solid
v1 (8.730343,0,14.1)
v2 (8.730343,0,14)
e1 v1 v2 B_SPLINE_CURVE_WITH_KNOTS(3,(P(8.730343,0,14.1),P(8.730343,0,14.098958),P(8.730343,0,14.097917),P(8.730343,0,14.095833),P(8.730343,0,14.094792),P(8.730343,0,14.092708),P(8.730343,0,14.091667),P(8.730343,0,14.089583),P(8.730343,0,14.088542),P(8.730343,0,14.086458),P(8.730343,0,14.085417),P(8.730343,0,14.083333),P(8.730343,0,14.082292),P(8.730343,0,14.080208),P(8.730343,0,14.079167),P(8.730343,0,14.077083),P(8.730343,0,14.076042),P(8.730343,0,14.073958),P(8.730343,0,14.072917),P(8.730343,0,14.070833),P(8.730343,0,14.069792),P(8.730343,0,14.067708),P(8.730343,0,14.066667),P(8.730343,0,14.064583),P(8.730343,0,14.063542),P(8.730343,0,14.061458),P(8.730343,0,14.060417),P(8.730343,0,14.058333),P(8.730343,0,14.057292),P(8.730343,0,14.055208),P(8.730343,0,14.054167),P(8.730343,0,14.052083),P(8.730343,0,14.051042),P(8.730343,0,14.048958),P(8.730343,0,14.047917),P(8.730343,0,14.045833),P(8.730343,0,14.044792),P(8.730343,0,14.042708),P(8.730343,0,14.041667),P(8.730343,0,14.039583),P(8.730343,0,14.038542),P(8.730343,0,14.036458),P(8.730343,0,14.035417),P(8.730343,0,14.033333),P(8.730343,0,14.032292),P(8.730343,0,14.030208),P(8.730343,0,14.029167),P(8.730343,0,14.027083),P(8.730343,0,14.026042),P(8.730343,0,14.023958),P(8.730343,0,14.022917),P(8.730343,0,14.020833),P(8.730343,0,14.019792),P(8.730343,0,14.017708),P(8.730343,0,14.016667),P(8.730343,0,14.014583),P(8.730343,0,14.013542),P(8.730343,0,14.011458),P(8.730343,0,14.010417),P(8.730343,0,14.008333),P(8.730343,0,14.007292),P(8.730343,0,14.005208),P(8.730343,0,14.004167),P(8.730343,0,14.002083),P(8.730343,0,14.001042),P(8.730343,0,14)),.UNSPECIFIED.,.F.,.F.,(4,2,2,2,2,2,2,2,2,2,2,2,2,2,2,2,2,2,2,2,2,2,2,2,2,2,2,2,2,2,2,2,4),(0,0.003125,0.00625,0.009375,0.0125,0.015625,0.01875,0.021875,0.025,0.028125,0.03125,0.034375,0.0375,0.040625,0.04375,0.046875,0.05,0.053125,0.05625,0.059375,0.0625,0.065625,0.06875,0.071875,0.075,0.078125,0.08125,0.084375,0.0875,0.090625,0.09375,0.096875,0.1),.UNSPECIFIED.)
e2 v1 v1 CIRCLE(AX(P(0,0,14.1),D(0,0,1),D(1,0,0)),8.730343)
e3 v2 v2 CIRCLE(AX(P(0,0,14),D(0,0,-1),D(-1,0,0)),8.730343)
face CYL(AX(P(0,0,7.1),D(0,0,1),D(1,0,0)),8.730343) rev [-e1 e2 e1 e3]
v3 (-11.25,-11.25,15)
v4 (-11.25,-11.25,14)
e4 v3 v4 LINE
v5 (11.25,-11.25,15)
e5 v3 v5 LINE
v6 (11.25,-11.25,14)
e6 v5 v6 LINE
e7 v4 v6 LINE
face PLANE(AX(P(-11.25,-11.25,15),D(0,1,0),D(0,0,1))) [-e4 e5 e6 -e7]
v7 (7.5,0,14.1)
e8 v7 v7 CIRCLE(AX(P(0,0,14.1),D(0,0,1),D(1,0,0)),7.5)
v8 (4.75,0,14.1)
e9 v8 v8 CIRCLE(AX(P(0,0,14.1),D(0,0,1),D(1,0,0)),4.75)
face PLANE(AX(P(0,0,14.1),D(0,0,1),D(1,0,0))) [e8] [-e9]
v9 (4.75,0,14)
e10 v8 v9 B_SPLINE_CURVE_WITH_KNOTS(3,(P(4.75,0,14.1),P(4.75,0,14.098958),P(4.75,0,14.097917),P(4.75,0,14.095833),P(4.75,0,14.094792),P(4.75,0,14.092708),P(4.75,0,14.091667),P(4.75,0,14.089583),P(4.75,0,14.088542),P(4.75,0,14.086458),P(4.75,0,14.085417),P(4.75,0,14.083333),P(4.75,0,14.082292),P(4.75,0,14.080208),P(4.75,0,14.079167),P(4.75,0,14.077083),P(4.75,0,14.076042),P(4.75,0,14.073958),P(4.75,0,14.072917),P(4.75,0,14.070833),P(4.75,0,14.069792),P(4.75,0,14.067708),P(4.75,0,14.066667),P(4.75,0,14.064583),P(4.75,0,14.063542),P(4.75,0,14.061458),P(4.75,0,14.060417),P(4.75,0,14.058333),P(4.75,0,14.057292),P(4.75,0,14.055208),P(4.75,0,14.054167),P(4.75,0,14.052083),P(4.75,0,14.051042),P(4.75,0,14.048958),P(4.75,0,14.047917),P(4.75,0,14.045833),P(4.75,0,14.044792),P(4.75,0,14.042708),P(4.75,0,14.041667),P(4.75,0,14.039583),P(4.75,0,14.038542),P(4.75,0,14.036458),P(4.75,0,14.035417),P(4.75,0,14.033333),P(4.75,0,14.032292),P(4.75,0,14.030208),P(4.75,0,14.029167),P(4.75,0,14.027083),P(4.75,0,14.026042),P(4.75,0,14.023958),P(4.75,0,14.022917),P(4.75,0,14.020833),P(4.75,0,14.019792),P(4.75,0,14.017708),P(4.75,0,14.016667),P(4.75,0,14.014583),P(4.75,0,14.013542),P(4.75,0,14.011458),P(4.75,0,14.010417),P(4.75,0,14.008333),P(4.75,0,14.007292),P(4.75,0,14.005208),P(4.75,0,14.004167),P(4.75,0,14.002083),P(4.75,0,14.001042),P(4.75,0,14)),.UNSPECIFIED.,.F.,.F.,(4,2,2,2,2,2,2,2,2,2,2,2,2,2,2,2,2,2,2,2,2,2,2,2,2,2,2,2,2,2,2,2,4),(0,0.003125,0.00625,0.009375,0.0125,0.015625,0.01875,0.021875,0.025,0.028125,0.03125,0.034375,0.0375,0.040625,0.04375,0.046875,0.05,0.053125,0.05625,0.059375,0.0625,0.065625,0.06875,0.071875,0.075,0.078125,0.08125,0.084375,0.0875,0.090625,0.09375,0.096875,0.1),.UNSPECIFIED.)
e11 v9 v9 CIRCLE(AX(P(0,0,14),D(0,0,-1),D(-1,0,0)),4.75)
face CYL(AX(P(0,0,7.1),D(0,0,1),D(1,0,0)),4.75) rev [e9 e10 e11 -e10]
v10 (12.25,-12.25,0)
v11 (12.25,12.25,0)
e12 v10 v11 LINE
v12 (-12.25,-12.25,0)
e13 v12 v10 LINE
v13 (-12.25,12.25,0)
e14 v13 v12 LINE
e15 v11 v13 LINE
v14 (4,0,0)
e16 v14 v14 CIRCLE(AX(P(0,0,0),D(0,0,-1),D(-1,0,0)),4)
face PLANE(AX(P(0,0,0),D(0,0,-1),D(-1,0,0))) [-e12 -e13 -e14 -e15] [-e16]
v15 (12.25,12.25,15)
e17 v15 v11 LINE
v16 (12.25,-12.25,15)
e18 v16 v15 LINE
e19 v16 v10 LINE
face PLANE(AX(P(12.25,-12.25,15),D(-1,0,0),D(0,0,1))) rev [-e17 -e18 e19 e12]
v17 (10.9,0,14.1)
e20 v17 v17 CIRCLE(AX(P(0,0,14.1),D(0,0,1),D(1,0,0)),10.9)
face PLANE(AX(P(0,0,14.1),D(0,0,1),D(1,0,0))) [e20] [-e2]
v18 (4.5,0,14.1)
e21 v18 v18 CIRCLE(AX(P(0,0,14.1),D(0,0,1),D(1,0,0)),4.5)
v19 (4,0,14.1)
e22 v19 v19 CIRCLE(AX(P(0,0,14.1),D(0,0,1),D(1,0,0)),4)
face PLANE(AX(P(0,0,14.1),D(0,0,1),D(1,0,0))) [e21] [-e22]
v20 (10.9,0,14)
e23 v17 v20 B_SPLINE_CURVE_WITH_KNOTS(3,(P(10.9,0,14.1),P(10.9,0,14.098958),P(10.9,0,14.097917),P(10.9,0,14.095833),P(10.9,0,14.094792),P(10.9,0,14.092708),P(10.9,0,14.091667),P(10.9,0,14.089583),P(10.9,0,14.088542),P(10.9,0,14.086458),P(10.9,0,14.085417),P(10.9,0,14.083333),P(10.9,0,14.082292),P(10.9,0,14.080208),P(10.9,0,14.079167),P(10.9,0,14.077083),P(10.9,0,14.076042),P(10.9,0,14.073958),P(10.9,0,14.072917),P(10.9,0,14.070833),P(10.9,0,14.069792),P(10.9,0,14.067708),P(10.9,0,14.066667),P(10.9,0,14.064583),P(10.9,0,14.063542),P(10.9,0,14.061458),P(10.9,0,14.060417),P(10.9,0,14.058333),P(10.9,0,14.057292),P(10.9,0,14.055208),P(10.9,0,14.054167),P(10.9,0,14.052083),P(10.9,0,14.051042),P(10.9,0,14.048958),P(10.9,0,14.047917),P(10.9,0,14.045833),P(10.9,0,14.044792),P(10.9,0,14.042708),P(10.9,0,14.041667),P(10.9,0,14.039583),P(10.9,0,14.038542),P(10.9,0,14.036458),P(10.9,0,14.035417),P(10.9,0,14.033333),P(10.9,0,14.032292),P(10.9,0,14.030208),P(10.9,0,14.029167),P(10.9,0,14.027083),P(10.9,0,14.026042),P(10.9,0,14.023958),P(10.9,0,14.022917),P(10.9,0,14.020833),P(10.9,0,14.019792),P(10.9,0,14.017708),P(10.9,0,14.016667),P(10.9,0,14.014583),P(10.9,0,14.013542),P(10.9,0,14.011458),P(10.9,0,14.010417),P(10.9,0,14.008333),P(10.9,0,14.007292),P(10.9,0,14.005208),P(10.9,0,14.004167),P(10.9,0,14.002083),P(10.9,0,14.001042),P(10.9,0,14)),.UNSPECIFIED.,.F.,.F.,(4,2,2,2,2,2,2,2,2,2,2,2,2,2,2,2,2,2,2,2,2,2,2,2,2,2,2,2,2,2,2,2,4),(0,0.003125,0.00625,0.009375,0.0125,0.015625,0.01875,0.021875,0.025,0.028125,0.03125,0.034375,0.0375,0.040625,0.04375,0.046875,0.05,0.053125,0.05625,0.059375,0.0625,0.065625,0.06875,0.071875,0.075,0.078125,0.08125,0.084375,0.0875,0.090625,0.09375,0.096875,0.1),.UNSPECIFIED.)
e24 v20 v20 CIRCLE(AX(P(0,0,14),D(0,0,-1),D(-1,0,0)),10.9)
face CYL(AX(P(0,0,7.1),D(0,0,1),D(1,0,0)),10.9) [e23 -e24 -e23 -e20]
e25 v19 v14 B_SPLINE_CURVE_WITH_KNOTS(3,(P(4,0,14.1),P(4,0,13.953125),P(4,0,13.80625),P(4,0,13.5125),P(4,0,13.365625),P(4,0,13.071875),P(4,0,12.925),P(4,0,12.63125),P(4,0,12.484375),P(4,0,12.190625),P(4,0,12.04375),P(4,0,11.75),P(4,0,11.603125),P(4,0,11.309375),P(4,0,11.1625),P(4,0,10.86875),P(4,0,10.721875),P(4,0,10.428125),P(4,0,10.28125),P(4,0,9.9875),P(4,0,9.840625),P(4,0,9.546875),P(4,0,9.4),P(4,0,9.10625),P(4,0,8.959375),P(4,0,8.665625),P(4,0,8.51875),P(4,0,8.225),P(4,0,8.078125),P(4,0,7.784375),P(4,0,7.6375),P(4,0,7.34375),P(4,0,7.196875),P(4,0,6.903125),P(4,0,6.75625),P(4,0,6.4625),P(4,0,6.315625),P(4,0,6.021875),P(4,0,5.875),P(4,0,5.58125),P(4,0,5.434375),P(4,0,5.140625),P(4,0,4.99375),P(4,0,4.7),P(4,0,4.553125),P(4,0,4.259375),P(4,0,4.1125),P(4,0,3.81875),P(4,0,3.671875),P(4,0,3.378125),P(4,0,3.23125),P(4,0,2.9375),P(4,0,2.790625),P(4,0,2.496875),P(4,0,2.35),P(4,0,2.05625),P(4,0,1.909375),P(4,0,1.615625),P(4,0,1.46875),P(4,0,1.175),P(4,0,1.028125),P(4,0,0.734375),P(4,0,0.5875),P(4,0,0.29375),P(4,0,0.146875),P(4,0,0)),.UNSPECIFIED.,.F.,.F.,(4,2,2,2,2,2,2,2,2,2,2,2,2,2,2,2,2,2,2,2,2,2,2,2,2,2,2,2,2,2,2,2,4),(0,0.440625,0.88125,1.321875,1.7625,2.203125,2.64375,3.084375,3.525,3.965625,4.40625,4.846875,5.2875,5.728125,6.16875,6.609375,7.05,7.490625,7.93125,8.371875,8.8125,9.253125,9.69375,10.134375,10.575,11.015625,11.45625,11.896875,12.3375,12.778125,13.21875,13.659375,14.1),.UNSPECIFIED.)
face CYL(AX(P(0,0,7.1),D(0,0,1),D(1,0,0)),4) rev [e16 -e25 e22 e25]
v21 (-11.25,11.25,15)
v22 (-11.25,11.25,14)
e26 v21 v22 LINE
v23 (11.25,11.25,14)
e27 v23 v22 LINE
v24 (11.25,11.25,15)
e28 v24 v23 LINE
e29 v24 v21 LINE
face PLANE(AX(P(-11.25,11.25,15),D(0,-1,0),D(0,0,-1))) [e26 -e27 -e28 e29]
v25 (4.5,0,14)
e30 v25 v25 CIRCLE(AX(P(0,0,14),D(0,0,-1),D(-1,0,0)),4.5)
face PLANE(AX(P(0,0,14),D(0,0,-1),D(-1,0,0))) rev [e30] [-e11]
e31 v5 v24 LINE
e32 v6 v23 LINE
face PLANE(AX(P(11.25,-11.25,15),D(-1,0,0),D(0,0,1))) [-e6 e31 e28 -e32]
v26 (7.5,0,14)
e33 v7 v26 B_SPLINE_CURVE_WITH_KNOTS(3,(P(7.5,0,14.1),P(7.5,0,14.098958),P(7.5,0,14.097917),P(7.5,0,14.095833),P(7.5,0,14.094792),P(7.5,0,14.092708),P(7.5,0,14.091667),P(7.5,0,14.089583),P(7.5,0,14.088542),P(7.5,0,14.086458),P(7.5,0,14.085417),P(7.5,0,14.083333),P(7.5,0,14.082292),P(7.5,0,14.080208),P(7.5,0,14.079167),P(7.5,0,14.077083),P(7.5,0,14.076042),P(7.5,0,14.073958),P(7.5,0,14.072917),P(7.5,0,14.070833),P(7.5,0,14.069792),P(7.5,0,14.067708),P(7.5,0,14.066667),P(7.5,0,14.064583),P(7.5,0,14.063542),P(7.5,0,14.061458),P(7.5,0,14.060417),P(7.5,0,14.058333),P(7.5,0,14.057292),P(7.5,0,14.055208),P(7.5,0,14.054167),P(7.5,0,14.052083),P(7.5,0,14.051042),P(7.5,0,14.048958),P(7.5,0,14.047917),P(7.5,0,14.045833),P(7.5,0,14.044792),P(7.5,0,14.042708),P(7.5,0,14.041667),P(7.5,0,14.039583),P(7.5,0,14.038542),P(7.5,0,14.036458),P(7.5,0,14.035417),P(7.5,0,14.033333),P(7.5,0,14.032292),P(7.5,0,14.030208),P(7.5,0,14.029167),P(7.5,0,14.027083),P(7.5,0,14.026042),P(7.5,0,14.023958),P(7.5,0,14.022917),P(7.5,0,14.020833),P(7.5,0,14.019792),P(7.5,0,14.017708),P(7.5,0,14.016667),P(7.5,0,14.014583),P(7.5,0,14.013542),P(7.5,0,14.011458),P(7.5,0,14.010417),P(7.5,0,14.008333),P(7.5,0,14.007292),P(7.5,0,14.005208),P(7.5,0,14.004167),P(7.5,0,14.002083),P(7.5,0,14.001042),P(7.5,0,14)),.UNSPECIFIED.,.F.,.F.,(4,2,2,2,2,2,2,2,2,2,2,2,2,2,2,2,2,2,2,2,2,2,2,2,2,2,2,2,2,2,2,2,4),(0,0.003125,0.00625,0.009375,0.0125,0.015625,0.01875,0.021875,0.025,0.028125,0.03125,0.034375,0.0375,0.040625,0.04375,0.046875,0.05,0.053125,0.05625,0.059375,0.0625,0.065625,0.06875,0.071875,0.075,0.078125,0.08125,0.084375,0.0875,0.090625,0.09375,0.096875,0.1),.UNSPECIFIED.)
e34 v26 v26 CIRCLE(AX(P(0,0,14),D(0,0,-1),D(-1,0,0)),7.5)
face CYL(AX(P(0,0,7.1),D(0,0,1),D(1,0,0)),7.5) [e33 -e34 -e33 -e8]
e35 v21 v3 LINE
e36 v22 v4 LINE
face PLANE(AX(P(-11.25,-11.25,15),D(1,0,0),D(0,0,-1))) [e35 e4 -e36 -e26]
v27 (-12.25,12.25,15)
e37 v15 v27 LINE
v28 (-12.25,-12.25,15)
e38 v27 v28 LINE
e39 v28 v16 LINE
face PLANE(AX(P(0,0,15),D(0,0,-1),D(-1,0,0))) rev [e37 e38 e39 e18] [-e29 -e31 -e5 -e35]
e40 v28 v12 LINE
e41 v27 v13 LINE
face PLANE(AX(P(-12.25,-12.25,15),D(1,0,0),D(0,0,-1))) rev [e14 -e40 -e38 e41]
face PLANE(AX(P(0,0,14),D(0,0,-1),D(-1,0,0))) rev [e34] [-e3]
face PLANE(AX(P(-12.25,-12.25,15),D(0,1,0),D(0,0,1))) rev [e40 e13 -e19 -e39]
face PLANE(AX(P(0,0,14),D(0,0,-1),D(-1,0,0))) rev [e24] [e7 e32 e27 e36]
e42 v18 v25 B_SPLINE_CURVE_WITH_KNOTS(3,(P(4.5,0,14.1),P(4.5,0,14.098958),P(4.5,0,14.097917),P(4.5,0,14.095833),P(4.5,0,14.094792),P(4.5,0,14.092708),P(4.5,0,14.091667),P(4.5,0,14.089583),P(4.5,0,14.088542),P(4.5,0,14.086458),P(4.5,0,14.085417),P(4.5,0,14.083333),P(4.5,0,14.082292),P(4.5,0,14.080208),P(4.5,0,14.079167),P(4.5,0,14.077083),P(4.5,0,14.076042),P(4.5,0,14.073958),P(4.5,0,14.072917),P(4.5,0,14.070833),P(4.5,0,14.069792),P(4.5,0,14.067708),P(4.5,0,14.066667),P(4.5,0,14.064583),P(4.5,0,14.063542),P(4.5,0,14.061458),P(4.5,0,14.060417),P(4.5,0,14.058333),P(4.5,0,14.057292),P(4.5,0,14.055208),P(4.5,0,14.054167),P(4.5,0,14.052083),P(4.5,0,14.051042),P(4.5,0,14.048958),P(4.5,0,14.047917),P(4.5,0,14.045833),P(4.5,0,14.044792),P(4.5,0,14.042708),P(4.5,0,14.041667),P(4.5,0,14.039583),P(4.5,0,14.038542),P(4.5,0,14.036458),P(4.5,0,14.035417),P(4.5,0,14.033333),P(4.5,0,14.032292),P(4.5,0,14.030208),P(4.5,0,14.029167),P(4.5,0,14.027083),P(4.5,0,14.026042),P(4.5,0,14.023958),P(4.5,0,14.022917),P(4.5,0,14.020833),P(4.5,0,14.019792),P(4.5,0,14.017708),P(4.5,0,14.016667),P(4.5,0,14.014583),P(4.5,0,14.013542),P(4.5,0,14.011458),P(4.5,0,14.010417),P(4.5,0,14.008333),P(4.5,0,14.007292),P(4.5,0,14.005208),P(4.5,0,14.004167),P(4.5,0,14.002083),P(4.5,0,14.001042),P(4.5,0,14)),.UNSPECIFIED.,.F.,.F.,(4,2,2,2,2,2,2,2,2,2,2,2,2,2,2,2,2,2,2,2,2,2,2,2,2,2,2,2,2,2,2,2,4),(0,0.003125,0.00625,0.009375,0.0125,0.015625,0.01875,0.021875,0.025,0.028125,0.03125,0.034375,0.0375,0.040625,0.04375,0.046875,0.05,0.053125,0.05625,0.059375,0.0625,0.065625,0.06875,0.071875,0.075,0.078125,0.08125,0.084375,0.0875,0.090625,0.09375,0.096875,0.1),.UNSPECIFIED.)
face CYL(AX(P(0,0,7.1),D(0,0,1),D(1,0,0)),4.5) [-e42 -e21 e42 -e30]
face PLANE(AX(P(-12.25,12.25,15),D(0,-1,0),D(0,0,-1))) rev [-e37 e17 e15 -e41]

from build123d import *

# Parameters (mm, degrees)
SKETCH2_W                = 24.5
SKETCH2_H                = 24.5
SKETCH2_W_2              = 22.5
SKETCH2_H_2              = 22.5
BOSS_EXTRUDE1_DEPTH      = 15
SKETCH3_W                = 22.5
SKETCH3_H                = 22.5
BOSS_EXTRUDE2_DEPTH      = 14
BOSS_EXTRUDE4_DEPTH      = 0.1
BOSS_EXTRUDE4_DEPTH_BACK = 6.9
SKETCH4_R                = 10.9
SKETCH4_R_2              = 8.730342775
SKETCH4_R_3              = 7.5
SKETCH4_R_4              = 4.75
SKETCH4_R_5              = 4.5
SKETCH4_R_6              = 4
CUT_EXTRUDE1_START       = -15
SKETCH6_R                = 4
CUT_EXTRUDE1_DEPTH       = 15


with BuildPart() as part:
    # Sketch2 → Boss-Extrude1 (new body)
    with BuildSketch(Plane.XY):
        Rectangle(SKETCH2_W, SKETCH2_H)
        Rectangle(SKETCH2_W_2, SKETCH2_H_2, mode=Mode.SUBTRACT)
    extrude(amount=BOSS_EXTRUDE1_DEPTH)

    # Sketch3 → Boss-Extrude2 (add)
    with BuildSketch(Plane.XY):
        Rectangle(SKETCH3_W, SKETCH3_H)
    extrude(amount=BOSS_EXTRUDE2_DEPTH)

    # Sketch4 → Boss-Extrude4 (add, two sides: drawn at the far end of the back side and taken through both)
    # profile 1 of 3: a face of its own
    with BuildSketch(Plane.XY.offset(14).offset(-BOSS_EXTRUDE4_DEPTH_BACK)):
        Circle(SKETCH4_R)
        Circle(SKETCH4_R_2, mode=Mode.SUBTRACT)
    # profile 2 of 3: a face of its own
    with BuildSketch(Plane.XY.offset(14).offset(-BOSS_EXTRUDE4_DEPTH_BACK)):
        Circle(SKETCH4_R_3)
        Circle(SKETCH4_R_4, mode=Mode.SUBTRACT)
    # profile 3 of 3: a face of its own
    with BuildSketch(Plane.XY.offset(14).offset(-BOSS_EXTRUDE4_DEPTH_BACK)):
        Circle(SKETCH4_R_5)
        Circle(SKETCH4_R_6, mode=Mode.SUBTRACT)
    extrude(amount=BOSS_EXTRUDE4_DEPTH + BOSS_EXTRUDE4_DEPTH_BACK)

    # Sketch6 → Cut-Extrude1 (cut)
    with BuildSketch(Plane.XY.offset(14).offset(CUT_EXTRUDE1_START)):
        Circle(SKETCH6_R)
    extrude(amount=CUT_EXTRUDE1_DEPTH, mode=Mode.SUBTRACT)


solid = part.part
